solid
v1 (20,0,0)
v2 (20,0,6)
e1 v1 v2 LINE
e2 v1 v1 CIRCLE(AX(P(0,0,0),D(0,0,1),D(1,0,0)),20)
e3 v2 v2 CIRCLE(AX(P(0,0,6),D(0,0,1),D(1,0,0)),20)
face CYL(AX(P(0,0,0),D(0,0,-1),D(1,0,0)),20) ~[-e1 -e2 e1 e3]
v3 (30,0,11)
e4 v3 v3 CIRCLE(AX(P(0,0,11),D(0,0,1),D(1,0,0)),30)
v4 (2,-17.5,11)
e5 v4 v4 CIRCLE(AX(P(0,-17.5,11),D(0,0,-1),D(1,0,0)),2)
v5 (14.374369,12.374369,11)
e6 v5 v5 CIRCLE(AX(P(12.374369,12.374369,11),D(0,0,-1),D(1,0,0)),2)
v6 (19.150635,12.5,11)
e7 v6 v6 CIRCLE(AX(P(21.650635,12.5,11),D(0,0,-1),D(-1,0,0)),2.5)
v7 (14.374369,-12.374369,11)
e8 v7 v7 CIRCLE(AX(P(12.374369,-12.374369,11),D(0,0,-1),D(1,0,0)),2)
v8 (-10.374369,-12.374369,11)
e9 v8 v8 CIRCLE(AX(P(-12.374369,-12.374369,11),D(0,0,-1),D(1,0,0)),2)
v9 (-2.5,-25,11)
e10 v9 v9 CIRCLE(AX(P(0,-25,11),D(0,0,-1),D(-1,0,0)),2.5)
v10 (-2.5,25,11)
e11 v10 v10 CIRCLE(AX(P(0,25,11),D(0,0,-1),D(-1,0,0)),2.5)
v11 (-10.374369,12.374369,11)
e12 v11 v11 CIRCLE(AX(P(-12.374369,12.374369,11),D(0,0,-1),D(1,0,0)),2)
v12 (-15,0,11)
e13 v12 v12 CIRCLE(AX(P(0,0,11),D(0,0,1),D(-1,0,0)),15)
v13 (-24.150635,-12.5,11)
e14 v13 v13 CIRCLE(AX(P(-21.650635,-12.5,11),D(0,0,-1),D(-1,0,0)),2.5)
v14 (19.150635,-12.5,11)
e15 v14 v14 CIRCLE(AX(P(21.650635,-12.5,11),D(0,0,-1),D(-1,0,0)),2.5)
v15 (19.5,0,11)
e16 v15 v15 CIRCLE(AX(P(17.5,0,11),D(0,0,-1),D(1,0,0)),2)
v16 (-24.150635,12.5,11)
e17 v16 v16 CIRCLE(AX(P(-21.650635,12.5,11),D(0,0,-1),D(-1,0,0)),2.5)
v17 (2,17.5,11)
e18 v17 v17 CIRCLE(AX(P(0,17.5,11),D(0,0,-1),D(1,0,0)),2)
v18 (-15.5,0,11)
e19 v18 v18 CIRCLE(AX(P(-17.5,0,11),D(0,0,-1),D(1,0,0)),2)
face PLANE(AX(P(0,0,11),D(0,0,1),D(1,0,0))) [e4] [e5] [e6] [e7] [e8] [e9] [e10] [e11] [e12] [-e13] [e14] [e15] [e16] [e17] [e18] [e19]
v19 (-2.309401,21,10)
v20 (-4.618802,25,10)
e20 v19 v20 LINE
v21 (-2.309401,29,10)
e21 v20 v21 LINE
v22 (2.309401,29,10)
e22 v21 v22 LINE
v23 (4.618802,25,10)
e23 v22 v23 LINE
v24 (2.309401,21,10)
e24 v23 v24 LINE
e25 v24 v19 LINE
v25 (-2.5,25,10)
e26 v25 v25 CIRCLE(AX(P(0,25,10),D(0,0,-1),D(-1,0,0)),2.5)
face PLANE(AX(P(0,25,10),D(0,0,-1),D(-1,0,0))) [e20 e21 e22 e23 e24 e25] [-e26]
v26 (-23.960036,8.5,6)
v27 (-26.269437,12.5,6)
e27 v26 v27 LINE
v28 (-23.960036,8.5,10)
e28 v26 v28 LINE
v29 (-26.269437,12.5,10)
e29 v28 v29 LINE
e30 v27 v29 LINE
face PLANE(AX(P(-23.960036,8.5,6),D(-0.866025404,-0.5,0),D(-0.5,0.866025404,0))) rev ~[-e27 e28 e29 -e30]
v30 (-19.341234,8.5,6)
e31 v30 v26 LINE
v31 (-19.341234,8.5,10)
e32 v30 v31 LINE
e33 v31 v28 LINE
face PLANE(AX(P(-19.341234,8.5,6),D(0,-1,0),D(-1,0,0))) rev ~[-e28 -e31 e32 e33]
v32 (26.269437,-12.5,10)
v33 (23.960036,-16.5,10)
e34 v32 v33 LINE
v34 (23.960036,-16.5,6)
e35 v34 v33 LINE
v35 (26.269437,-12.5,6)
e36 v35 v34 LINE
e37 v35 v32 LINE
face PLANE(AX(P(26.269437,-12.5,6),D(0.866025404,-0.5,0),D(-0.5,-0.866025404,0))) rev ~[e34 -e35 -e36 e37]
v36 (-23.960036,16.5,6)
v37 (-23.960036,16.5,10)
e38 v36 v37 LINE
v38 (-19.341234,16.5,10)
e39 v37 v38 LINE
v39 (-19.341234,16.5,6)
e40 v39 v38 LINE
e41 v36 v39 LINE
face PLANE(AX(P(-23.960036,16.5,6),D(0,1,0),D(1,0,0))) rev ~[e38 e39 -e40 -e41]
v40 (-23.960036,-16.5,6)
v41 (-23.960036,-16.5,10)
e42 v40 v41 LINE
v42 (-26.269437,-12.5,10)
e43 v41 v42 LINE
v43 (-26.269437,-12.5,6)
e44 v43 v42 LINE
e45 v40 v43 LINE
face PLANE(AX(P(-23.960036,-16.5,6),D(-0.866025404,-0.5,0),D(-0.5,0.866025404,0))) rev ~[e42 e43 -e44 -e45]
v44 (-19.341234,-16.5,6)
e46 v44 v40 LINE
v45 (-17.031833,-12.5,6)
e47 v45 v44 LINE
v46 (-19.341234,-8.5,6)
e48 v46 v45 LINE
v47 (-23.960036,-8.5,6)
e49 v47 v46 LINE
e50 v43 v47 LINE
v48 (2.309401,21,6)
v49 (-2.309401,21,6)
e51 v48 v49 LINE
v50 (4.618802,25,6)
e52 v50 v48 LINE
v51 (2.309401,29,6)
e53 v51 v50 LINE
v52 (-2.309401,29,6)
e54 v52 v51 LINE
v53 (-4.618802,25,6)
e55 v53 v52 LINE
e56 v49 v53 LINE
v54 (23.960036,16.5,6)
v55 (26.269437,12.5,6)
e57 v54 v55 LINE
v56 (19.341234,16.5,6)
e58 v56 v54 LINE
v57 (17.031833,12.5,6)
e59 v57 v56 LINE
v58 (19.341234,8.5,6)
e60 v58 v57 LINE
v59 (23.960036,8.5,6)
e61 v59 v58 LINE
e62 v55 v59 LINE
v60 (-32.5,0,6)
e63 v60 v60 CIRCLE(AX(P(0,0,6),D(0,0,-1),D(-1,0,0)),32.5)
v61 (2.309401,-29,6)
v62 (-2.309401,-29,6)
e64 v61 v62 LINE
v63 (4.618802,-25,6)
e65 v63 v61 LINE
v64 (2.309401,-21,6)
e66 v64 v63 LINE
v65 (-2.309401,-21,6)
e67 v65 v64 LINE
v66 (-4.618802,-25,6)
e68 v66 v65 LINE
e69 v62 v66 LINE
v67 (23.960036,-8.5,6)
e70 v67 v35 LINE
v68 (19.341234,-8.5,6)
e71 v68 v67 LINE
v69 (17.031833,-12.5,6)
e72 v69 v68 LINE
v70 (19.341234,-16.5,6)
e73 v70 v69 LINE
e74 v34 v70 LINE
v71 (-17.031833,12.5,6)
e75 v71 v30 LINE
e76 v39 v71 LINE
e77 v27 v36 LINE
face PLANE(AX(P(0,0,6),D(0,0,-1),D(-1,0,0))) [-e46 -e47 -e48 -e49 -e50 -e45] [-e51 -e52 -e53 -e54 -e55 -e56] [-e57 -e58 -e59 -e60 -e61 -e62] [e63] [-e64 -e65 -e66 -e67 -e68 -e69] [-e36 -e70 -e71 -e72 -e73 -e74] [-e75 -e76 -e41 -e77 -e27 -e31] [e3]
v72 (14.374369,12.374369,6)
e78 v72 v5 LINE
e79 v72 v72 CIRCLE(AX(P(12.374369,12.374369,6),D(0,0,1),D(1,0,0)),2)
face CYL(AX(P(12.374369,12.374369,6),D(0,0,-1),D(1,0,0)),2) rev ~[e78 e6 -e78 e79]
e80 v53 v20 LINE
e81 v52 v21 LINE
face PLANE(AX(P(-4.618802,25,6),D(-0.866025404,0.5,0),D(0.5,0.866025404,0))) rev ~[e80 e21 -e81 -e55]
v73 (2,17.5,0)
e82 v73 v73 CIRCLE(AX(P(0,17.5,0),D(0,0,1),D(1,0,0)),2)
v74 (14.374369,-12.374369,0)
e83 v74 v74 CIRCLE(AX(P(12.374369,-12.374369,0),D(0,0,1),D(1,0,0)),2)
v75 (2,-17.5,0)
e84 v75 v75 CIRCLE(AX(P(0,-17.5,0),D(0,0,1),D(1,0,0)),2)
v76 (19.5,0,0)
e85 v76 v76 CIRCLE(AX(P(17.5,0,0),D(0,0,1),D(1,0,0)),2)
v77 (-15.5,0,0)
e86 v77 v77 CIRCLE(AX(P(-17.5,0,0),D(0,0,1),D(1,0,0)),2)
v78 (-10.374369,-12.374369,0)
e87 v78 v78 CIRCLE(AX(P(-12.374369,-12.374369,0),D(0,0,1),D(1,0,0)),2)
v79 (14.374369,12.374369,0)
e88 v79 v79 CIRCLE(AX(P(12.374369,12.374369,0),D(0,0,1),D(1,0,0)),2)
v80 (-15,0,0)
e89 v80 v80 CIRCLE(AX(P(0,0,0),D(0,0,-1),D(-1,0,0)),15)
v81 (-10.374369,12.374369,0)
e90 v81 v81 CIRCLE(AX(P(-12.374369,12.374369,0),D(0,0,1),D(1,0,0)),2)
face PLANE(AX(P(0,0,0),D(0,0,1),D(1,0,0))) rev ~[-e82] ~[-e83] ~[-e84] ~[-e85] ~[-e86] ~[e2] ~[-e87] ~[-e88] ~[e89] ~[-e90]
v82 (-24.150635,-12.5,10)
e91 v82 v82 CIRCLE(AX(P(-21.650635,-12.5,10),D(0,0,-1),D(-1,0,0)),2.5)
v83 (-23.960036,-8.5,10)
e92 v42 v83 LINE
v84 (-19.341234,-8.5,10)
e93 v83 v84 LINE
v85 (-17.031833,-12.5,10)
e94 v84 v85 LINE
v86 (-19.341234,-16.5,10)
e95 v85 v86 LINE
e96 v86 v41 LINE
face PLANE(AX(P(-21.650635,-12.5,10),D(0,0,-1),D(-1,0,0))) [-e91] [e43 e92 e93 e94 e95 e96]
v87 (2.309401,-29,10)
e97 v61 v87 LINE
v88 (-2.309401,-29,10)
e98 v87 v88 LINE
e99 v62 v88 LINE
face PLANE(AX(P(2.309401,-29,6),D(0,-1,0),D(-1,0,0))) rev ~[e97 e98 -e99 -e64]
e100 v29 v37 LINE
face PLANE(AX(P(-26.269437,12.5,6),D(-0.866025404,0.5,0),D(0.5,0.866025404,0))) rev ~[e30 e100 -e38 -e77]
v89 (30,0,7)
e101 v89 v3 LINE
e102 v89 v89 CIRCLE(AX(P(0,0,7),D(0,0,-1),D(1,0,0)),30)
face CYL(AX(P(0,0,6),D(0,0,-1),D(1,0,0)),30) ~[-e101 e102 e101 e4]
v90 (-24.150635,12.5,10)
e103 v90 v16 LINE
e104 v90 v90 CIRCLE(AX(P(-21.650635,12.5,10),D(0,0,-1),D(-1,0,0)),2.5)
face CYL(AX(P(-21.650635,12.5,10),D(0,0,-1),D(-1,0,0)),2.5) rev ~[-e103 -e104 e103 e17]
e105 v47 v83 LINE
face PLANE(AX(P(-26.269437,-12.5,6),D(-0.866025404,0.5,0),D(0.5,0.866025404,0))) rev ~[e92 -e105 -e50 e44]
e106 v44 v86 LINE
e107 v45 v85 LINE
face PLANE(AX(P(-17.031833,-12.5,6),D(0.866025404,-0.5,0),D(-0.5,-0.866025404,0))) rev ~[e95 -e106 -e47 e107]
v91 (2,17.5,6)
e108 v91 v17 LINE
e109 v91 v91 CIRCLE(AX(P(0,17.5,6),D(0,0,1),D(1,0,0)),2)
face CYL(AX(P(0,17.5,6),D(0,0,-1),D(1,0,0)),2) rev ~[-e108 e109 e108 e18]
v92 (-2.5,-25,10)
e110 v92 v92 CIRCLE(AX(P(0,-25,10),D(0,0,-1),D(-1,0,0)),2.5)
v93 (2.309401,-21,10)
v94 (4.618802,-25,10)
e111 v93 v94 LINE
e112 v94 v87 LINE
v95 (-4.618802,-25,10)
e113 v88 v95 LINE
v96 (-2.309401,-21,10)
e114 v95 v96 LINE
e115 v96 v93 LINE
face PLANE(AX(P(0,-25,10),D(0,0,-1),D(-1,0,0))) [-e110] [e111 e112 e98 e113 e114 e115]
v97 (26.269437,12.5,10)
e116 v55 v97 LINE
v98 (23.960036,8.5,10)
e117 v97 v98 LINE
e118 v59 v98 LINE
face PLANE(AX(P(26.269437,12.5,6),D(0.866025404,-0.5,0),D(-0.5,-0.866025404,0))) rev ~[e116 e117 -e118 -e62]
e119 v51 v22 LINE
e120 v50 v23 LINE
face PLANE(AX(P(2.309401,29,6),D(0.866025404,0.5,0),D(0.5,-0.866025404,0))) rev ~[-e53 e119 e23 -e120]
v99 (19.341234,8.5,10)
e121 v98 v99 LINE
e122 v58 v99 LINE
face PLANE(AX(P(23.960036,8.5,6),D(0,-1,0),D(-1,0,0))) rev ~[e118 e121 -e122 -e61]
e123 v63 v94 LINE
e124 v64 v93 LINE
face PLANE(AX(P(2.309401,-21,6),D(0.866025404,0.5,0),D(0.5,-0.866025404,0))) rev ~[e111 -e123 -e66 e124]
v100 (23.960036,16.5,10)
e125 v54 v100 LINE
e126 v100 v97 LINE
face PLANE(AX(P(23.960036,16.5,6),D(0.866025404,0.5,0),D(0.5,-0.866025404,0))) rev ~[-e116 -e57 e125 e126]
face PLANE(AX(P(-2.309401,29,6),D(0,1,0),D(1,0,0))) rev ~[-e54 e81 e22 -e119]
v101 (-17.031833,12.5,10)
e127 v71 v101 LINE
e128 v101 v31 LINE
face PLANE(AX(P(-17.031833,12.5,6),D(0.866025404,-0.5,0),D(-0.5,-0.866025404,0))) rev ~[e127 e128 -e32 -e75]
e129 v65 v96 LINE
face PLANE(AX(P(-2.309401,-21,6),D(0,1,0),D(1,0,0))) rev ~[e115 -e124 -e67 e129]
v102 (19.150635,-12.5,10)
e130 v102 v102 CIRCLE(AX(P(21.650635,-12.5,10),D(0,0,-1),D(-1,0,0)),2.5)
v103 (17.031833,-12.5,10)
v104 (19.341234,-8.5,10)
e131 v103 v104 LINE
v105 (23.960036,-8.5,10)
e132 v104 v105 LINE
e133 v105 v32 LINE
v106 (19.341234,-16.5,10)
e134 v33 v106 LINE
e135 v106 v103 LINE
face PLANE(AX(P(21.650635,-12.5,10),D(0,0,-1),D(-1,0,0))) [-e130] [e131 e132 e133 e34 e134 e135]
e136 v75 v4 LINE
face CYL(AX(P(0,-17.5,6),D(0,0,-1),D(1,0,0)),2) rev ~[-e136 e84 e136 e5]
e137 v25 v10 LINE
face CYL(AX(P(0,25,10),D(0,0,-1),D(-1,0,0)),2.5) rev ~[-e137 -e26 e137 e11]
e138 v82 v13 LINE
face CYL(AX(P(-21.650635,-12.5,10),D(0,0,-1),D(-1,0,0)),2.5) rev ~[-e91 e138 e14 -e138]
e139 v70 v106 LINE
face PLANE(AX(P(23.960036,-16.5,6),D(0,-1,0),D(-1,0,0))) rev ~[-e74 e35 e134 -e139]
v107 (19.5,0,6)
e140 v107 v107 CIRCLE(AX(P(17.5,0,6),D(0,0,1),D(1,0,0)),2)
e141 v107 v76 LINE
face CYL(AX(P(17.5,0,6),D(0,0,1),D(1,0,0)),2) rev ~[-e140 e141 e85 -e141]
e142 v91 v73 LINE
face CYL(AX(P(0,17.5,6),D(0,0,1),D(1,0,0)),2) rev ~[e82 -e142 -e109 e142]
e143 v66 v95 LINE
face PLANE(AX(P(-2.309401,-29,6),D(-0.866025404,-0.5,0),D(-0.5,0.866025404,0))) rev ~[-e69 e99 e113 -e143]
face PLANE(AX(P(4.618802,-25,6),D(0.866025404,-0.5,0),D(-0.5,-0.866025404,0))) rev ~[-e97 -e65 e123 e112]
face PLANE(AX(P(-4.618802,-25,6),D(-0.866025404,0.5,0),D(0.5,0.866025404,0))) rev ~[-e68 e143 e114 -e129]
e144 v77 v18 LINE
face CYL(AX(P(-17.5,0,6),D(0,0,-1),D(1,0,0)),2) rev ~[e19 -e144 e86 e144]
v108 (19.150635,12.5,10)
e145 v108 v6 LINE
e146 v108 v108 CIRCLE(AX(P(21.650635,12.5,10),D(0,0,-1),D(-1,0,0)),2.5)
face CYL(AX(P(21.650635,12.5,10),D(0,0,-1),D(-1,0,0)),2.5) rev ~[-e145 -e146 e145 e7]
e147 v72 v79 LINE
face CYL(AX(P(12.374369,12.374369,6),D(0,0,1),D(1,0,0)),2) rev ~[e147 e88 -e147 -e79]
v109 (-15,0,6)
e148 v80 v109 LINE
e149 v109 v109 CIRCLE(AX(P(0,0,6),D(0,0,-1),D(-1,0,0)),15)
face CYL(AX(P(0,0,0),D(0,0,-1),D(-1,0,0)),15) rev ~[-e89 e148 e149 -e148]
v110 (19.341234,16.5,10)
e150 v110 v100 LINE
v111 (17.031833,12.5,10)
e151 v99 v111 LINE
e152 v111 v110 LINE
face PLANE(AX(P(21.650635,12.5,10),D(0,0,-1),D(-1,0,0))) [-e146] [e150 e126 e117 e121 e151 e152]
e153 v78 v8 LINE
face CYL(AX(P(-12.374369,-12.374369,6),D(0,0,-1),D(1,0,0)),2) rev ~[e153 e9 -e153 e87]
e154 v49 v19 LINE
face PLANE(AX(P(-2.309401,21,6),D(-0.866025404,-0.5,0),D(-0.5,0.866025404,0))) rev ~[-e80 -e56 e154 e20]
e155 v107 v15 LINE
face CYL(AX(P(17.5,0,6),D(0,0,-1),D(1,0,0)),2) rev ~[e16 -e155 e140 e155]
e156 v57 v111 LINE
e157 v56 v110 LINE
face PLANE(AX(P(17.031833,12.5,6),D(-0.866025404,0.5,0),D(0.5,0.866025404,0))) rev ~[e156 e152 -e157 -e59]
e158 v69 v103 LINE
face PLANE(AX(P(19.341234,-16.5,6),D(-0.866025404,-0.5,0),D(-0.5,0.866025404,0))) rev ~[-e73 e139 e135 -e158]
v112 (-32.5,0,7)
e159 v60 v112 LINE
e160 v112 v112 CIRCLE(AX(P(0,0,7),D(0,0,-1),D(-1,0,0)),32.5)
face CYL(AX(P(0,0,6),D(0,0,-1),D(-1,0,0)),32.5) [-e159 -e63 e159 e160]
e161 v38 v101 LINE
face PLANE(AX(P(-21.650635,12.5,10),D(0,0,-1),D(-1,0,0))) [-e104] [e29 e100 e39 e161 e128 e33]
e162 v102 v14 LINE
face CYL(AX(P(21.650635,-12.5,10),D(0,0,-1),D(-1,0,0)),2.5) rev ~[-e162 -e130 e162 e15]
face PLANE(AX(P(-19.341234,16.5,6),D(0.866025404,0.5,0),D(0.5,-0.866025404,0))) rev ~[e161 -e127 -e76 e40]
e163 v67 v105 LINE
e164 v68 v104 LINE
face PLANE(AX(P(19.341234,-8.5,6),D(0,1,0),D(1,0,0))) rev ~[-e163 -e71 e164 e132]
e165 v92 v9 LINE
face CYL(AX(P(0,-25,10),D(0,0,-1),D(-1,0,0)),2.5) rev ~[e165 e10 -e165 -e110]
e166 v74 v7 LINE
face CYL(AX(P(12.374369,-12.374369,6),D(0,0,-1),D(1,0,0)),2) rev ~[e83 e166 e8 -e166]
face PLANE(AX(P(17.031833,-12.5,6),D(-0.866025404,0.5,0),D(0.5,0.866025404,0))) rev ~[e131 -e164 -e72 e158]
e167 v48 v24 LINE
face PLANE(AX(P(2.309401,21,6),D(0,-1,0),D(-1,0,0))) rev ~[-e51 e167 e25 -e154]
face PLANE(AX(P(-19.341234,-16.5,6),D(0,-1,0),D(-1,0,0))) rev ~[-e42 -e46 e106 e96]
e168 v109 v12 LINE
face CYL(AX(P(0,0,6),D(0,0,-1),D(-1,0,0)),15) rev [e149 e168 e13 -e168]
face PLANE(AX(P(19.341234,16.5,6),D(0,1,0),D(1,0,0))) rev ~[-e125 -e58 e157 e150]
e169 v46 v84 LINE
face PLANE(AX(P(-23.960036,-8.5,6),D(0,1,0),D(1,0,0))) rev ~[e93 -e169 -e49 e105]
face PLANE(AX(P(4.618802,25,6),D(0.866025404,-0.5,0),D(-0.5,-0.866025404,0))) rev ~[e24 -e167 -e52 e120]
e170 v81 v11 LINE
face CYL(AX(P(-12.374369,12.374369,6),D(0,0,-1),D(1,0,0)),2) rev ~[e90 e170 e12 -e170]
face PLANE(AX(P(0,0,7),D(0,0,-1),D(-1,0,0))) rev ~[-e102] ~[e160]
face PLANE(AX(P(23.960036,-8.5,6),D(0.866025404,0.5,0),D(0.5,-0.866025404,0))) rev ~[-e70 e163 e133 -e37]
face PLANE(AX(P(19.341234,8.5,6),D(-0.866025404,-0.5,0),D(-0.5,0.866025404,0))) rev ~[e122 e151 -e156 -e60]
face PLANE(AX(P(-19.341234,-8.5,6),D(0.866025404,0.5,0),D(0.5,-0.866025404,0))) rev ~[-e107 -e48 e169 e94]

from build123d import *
from build123d.topology import SkipClean

# Parameters (mm, degrees)
SKETCH1_R               = 20
BOSS_EXTRUDE1_DEPTH     = 6
CUT_EXTRUDE1_DEPTH      = 7
CUT_EXTRUDE1_DEPTH_BACK = 29.91366459
SKETCH2_R               = 2
SKETCH3_R               = 15
CUT_EXTRUDE2_DEPTH      = 6
SKETCH4_R               = 30
SKETCH4_R_2             = 15
BOSS_EXTRUDE2_DEPTH     = 5
CUT_EXTRUDE3_START      = -7
SKETCH6_R               = 2
CUT_EXTRUDE3_DEPTH      = 7
CUT_EXTRUDE4_DEPTH      = 4
SKETCH8_R               = 2.5
CUT_EXTRUDE5_DEPTH      = 4
SKETCH9_R               = 32.5
SKETCH9_R_2             = 30
BOSS_EXTRUDE3_DEPTH     = 1


with BuildPart() as part:
    # Sketch1 → Boss-Extrude1 (new body)
    with BuildSketch(Plane.XY):
        Circle(SKETCH1_R)
    extrude(amount=BOSS_EXTRUDE1_DEPTH)

    # Sketch2 → Cut-Extrude1 (cut, two sides: drawn at the far end of the back side and taken through both)
    with BuildSketch(Plane.XY.offset(6).offset(-CUT_EXTRUDE1_DEPTH_BACK)):
        with Locations((0, 17.5)):
            Circle(SKETCH2_R)
        with Locations((12.374368671, 12.374368671)):
            Circle(SKETCH2_R)
        with Locations((17.5, 0)):
            Circle(SKETCH2_R)
        with Locations((12.374368671, -12.374368671)):
            Circle(SKETCH2_R)
        with Locations((0, -17.5)):
            Circle(SKETCH2_R)
        with Locations((-12.374368671, -12.374368671)):
            Circle(SKETCH2_R)
        with Locations((-17.5, 0)):
            Circle(SKETCH2_R)
        with Locations((-12.374368671, 12.374368671)):
            Circle(SKETCH2_R)
    extrude(amount=CUT_EXTRUDE1_DEPTH + CUT_EXTRUDE1_DEPTH_BACK, mode=Mode.SUBTRACT)

    # Sketch3 → Cut-Extrude2 (cut)
    with BuildSketch(Plane(origin=(0, 0, 0), x_dir=(-1, 0, 0), z_dir=(0, 0, -1))):
        Circle(SKETCH3_R)
    extrude(amount=-CUT_EXTRUDE2_DEPTH, mode=Mode.SUBTRACT)

    # Sketch4 → Boss-Extrude2 (add)
    with SkipClean():  # the faces are left unmerged after this step: merging them gives an invalid solid
        with BuildSketch(Plane.XY.offset(6)):
            Circle(SKETCH4_R)
            Circle(SKETCH4_R_2, mode=Mode.SUBTRACT)
        extrude(amount=BOSS_EXTRUDE2_DEPTH)
    add(part.part.scale(1), mode=Mode.REPLACE)  # the faces are merged on a copy

    # Sketch6 → Cut-Extrude3 (cut)
    with SkipClean():  # the faces are left unmerged after this step: merging them gives an invalid solid
        with BuildSketch(Plane(origin=(0, 0, 6), x_dir=(-1, 0, 0), z_dir=(0, 0, -1)).offset(CUT_EXTRUDE3_START)):
            with Locations((0, 17.5)):
                Circle(SKETCH6_R)
            with Locations((12.374368671, 12.374368671)):
                Circle(SKETCH6_R)
            with Locations((17.5, 0)):
                Circle(SKETCH6_R)
            with Locations((12.374368671, -12.374368671)):
                Circle(SKETCH6_R)
            with Locations((0, -17.5)):
                Circle(SKETCH6_R)
            with Locations((-12.374368671, -12.374368671)):
                Circle(SKETCH6_R)
            with Locations((-17.5, 0)):
                Circle(SKETCH6_R)
            with Locations((-12.374368671, 12.374368671)):
                Circle(SKETCH6_R)
        extrude(amount=CUT_EXTRUDE3_DEPTH, mode=Mode.SUBTRACT)

    # Sketch7 → Cut-Extrude4 (cut)
    with SkipClean():  # the faces are left unmerged after this step: merging them gives an invalid solid
        with BuildSketch(Plane(origin=(0, 0, 6), x_dir=(-1, 0, 0), z_dir=(0, 0, -1))):
            Polygon((23.960036171, 8.5), (26.269437248, 12.5), (23.960036171, 16.5), (19.341234018, 16.5), (17.031832941, 12.5), (19.341234018, 8.5), align=None)
            Polygon((4.618802154, 25), (2.309401077, 29), (-2.309401077, 29), (-4.618802154, 25), (-2.309401077, 21), (2.309401077, 21), align=None)
            Polygon((19.341234018, -16.5), (23.960036171, -16.5), (26.269437248, -12.5), (23.960036171, -8.5), (19.341234018, -8.5), (17.031832941, -12.5), align=None)
            Polygon((-4.618802154, -25), (-2.309401077, -29), (2.309401077, -29), (4.618802154, -25), (2.309401077, -21), (-2.309401077, -21), align=None)
            Polygon((-23.960036171, -8.5), (-26.269437248, -12.5), (-23.960036171, -16.5), (-19.341234018, -16.5), (-17.031832941, -12.5), (-19.341234018, -8.5), align=None)
            Polygon((-19.341234018, 16.5), (-23.960036171, 16.5), (-26.269437248, 12.5), (-23.960036171, 8.5), (-19.341234018, 8.5), (-17.031832941, 12.5), align=None)
        extrude(amount=-CUT_EXTRUDE4_DEPTH, mode=Mode.SUBTRACT)

    # Sketch8 → Cut-Extrude5 (cut)
    with SkipClean():  # the faces are left unmerged after this step: merging them gives an invalid solid
        with BuildSketch(Plane(origin=(0, 0, 10), x_dir=(-1, 0, 0), z_dir=(0, 0, -1))):
            with Locations((0, 25)):
                Circle(SKETCH8_R)
            with Locations((21.650635095, 12.5)):
                Circle(SKETCH8_R)
            with Locations((21.650635095, -12.5)):
                Circle(SKETCH8_R)
            with Locations((0, -25)):
                Circle(SKETCH8_R)
            with Locations((-21.650635095, -12.5)):
                Circle(SKETCH8_R)
            with Locations((-21.650635095, 12.5)):
                Circle(SKETCH8_R)
        extrude(amount=-CUT_EXTRUDE5_DEPTH, mode=Mode.SUBTRACT)

    # Sketch9 → Boss-Extrude3 (add)
    with BuildSketch(Plane(origin=(0, 0, 6), x_dir=(-1, 0, 0), z_dir=(0, 0, -1))):
        Circle(SKETCH9_R)
        Circle(SKETCH9_R_2, mode=Mode.SUBTRACT)
    extrude(amount=-BOSS_EXTRUDE3_DEPTH)


solid = part.part
